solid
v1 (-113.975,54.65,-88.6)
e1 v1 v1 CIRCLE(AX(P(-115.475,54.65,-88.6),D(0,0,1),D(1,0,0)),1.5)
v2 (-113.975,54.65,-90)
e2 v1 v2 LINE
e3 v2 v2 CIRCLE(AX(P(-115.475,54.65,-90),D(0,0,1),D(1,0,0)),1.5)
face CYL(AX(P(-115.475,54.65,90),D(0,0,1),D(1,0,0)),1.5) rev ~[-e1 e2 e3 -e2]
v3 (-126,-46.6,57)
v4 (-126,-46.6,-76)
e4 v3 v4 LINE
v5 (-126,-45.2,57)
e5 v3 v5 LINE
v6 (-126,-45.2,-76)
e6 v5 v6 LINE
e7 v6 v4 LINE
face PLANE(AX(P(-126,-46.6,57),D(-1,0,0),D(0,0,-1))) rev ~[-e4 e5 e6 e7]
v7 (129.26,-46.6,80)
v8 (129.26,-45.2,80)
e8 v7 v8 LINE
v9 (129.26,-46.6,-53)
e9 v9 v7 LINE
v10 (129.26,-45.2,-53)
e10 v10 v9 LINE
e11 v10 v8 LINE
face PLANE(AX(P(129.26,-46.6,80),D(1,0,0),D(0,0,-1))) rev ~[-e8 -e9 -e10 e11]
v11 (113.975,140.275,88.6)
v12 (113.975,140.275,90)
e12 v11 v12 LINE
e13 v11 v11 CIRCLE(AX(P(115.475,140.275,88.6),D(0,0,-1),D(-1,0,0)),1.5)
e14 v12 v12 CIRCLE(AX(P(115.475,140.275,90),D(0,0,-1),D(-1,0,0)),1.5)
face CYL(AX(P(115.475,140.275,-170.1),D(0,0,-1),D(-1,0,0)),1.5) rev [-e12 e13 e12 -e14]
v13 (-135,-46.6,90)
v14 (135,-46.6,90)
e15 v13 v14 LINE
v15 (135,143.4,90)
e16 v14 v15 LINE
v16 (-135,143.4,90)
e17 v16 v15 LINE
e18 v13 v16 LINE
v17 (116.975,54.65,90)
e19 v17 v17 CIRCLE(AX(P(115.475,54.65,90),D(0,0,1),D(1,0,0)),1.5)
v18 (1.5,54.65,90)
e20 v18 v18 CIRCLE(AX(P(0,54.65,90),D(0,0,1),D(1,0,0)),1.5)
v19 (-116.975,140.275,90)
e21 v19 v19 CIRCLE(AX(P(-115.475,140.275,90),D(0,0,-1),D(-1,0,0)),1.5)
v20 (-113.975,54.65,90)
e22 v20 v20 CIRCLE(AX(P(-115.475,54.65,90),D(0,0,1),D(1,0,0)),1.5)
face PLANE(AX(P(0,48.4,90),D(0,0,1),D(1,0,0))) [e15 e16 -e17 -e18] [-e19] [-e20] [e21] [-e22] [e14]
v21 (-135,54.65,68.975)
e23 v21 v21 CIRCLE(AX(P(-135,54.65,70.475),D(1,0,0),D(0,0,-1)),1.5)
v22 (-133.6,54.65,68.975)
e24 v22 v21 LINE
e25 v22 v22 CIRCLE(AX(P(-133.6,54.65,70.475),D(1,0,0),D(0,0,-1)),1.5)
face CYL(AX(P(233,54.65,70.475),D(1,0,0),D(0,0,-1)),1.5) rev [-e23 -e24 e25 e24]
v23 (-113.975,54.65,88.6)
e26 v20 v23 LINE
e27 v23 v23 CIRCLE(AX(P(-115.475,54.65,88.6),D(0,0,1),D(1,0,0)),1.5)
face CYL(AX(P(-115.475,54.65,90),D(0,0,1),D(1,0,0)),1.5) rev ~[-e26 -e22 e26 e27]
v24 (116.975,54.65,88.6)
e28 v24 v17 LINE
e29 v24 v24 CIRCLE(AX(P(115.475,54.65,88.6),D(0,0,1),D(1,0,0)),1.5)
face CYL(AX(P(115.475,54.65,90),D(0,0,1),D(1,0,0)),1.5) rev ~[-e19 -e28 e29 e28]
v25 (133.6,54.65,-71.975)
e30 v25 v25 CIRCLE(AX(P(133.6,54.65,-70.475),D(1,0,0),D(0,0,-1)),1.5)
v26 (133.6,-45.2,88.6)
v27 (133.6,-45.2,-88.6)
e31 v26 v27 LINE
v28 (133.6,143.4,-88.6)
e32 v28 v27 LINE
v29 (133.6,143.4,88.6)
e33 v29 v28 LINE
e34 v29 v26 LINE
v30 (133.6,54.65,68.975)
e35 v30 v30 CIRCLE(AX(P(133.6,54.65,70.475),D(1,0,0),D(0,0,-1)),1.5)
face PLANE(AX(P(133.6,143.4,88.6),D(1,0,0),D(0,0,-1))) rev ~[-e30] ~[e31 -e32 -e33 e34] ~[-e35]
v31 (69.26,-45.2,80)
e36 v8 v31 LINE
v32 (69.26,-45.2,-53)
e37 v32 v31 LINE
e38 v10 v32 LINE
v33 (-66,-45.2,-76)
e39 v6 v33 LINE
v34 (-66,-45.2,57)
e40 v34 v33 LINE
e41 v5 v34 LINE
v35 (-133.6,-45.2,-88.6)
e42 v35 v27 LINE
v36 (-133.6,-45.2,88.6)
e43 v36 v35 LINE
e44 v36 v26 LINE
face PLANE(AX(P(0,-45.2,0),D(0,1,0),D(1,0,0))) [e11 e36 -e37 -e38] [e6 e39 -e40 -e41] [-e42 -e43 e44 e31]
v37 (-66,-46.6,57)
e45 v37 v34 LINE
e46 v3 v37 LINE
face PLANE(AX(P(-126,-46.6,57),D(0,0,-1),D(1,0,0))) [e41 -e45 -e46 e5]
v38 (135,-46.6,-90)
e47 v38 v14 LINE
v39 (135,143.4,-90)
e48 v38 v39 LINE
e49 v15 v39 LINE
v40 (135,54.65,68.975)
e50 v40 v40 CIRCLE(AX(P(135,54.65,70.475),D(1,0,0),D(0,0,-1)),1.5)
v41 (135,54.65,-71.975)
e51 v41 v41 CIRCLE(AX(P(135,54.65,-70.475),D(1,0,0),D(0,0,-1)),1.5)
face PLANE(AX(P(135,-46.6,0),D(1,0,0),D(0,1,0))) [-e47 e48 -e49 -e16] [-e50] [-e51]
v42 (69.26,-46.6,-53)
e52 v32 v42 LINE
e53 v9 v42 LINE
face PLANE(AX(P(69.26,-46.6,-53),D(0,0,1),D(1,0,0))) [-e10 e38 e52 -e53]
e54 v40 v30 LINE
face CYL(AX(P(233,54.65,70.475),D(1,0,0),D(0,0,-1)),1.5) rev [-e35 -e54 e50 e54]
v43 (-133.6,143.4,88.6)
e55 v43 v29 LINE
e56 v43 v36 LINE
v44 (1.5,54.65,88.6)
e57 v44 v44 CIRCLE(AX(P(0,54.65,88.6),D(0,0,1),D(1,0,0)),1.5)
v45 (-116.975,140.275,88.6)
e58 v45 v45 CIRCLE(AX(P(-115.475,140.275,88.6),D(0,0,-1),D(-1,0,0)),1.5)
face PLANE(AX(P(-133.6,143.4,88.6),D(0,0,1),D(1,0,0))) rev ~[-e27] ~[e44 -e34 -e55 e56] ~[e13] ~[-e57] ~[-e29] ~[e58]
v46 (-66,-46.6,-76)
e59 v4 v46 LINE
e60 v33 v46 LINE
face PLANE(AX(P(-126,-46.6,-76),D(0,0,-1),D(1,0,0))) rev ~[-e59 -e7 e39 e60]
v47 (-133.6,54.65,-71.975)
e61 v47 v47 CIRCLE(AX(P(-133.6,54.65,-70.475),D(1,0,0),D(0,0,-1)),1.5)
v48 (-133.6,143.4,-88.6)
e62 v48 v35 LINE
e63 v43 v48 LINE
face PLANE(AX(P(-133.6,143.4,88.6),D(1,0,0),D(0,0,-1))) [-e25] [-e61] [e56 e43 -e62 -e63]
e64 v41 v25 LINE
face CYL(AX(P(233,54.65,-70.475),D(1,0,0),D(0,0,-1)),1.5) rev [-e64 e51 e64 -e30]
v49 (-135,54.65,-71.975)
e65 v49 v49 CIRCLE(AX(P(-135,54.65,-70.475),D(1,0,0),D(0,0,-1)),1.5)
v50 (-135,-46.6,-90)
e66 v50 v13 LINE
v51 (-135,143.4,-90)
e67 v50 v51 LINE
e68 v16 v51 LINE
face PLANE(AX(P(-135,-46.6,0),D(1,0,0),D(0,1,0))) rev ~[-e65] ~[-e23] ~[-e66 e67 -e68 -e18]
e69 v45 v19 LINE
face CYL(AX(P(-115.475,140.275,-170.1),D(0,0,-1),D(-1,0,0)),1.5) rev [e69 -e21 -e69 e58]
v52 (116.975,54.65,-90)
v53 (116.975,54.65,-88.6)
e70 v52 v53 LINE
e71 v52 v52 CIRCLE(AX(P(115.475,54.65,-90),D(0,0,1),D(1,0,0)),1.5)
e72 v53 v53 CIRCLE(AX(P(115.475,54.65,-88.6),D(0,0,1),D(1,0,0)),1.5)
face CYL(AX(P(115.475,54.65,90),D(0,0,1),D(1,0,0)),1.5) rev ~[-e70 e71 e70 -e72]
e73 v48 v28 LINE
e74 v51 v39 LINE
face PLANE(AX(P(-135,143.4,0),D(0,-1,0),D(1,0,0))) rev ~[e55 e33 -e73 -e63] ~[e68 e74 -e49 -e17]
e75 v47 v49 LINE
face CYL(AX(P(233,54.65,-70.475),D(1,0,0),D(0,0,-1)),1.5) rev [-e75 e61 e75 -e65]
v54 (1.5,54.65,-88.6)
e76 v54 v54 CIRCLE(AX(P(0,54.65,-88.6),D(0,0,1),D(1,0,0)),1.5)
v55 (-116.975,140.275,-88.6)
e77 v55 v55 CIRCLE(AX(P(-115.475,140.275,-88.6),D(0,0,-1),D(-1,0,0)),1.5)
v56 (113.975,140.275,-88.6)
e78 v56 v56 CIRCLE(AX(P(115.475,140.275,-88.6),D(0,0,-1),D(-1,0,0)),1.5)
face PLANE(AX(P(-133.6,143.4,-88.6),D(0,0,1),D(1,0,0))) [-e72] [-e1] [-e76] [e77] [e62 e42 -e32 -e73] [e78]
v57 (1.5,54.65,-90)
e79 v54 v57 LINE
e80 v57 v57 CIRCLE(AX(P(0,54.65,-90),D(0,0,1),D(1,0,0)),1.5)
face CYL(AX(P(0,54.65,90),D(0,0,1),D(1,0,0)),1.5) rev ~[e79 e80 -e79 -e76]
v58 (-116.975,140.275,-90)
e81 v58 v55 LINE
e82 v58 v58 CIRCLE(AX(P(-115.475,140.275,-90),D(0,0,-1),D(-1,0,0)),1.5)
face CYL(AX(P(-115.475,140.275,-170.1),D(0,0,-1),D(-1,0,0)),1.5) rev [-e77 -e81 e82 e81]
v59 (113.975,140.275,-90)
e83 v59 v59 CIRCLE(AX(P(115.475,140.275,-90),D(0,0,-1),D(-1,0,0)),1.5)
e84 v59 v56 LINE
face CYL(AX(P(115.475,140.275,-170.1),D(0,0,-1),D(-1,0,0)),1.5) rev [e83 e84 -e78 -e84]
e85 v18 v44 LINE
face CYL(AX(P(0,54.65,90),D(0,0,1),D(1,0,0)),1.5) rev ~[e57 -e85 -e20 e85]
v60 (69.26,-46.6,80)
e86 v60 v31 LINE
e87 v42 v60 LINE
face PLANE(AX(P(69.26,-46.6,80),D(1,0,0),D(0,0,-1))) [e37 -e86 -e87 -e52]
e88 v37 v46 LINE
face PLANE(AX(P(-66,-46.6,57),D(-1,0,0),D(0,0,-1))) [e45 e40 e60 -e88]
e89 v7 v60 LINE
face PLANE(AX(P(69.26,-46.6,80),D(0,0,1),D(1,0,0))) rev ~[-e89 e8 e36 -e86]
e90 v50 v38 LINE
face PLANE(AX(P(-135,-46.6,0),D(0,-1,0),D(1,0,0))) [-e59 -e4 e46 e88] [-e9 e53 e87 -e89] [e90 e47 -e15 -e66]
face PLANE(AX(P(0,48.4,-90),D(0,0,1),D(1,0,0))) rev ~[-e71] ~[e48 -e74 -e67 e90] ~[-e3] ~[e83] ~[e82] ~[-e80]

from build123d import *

# Parameters (mm, degrees)
CROQUIS1_W                 = 270
CROQUIS1_H                 = 190
SALIENTE_EXTRUIR1_DEPTH    = 90
CROQUIS2_W                 = 60
CROQUIS2_H                 = 133
CORTAR_EXTRUIR2_DEPTH      = 35.7
CROQUIS6_W                 = 267.2
CROQUIS6_H                 = 177.2
CORTAR_EXTRUIR3_DEPTH      = 188.6
CROQUIS8_R                 = 1.5
CORTAR_EXTRUIR4_DEPTH      = 300
CORTAR_EXTRUIR6_DEPTH      = 135
CORTAR_EXTRUIR6_DEPTH_BACK = 368
CROQUIS10_R                = 1.5
CORTAR_EXTRUIR7_DEPTH      = 112
CORTAR_EXTRUIR7_DEPTH_BACK = 260.1
CROQUIS11_R                = 1.5


with BuildPart() as part:
    # Croquis1 → Saliente-Extruir1 (new, symmetric)
    with BuildSketch(Plane.XY):
        with Locations((0, 48.4)):
            Rectangle(CROQUIS1_W, CROQUIS1_H)
    extrude(amount=SALIENTE_EXTRUIR1_DEPTH, both=True)

    # Croquis2 → Cortar-Extruir2 (cut, symmetric)
    with BuildSketch(Plane(origin=(0, -46.6, 0), x_dir=(1, 0, 0), z_dir=(0, 1, 0))):
        with Locations((-96, 9.5)):
            Rectangle(CROQUIS2_W, CROQUIS2_H)
        with Locations((99.26, -13.5)):
            Rectangle(CROQUIS2_W, CROQUIS2_H)
    extrude(amount=CORTAR_EXTRUIR2_DEPTH, both=True, mode=Mode.SUBTRACT)

    # Croquis6 → Cortar-Extruir3 (cut)
    with BuildSketch(Plane(origin=(0, 143.4, 0), x_dir=(1, 0, 0), z_dir=(0, 1, 0))):
        Rectangle(CROQUIS6_W, CROQUIS6_H)
    extrude(amount=-CORTAR_EXTRUIR3_DEPTH, mode=Mode.SUBTRACT)

    # Croquis8 → Cortar-Extruir4 (cut, symmetric)
    with BuildSketch(Plane.XY.offset(90)):
        with Locations((-115.475, 54.65)):
            Circle(CROQUIS8_R)
        with Locations((0, 54.65)):
            Circle(CROQUIS8_R)
        with Locations((115.475, 54.65)):
            Circle(CROQUIS8_R)
    extrude(amount=CORTAR_EXTRUIR4_DEPTH, both=True, mode=Mode.SUBTRACT)

    # Croquis10 → Cortar-Extruir6 (cut, two sides: drawn at the far end of the back side and taken through both)
    with BuildSketch(Plane.ZY.offset(135).offset(-CORTAR_EXTRUIR6_DEPTH_BACK)):
        with Locations(Location((-70.475, 54.65, 0), (0, 0, 180))):
            Circle(CROQUIS10_R)
        with Locations(Location((70.475, 54.65, 0), (0, 0, 180))):
            Circle(CROQUIS10_R)
    extrude(amount=CORTAR_EXTRUIR6_DEPTH + CORTAR_EXTRUIR6_DEPTH_BACK, mode=Mode.SUBTRACT)

    # Croquis11 → Cortar-Extruir7 (cut, two sides: drawn at the far end of the back side and taken through both)
    with BuildSketch(Plane.XY.offset(90).offset(-CORTAR_EXTRUIR7_DEPTH_BACK)):
        with Locations(Location((-115.475, 140.275, 0), (0, 0, 180))):
            Circle(CROQUIS11_R)
        with Locations(Location((115.475, 140.275, 0), (0, 0, 180))):
            Circle(CROQUIS11_R)
    extrude(amount=CORTAR_EXTRUIR7_DEPTH + CORTAR_EXTRUIR7_DEPTH_BACK, mode=Mode.SUBTRACT)


solid = part.part
